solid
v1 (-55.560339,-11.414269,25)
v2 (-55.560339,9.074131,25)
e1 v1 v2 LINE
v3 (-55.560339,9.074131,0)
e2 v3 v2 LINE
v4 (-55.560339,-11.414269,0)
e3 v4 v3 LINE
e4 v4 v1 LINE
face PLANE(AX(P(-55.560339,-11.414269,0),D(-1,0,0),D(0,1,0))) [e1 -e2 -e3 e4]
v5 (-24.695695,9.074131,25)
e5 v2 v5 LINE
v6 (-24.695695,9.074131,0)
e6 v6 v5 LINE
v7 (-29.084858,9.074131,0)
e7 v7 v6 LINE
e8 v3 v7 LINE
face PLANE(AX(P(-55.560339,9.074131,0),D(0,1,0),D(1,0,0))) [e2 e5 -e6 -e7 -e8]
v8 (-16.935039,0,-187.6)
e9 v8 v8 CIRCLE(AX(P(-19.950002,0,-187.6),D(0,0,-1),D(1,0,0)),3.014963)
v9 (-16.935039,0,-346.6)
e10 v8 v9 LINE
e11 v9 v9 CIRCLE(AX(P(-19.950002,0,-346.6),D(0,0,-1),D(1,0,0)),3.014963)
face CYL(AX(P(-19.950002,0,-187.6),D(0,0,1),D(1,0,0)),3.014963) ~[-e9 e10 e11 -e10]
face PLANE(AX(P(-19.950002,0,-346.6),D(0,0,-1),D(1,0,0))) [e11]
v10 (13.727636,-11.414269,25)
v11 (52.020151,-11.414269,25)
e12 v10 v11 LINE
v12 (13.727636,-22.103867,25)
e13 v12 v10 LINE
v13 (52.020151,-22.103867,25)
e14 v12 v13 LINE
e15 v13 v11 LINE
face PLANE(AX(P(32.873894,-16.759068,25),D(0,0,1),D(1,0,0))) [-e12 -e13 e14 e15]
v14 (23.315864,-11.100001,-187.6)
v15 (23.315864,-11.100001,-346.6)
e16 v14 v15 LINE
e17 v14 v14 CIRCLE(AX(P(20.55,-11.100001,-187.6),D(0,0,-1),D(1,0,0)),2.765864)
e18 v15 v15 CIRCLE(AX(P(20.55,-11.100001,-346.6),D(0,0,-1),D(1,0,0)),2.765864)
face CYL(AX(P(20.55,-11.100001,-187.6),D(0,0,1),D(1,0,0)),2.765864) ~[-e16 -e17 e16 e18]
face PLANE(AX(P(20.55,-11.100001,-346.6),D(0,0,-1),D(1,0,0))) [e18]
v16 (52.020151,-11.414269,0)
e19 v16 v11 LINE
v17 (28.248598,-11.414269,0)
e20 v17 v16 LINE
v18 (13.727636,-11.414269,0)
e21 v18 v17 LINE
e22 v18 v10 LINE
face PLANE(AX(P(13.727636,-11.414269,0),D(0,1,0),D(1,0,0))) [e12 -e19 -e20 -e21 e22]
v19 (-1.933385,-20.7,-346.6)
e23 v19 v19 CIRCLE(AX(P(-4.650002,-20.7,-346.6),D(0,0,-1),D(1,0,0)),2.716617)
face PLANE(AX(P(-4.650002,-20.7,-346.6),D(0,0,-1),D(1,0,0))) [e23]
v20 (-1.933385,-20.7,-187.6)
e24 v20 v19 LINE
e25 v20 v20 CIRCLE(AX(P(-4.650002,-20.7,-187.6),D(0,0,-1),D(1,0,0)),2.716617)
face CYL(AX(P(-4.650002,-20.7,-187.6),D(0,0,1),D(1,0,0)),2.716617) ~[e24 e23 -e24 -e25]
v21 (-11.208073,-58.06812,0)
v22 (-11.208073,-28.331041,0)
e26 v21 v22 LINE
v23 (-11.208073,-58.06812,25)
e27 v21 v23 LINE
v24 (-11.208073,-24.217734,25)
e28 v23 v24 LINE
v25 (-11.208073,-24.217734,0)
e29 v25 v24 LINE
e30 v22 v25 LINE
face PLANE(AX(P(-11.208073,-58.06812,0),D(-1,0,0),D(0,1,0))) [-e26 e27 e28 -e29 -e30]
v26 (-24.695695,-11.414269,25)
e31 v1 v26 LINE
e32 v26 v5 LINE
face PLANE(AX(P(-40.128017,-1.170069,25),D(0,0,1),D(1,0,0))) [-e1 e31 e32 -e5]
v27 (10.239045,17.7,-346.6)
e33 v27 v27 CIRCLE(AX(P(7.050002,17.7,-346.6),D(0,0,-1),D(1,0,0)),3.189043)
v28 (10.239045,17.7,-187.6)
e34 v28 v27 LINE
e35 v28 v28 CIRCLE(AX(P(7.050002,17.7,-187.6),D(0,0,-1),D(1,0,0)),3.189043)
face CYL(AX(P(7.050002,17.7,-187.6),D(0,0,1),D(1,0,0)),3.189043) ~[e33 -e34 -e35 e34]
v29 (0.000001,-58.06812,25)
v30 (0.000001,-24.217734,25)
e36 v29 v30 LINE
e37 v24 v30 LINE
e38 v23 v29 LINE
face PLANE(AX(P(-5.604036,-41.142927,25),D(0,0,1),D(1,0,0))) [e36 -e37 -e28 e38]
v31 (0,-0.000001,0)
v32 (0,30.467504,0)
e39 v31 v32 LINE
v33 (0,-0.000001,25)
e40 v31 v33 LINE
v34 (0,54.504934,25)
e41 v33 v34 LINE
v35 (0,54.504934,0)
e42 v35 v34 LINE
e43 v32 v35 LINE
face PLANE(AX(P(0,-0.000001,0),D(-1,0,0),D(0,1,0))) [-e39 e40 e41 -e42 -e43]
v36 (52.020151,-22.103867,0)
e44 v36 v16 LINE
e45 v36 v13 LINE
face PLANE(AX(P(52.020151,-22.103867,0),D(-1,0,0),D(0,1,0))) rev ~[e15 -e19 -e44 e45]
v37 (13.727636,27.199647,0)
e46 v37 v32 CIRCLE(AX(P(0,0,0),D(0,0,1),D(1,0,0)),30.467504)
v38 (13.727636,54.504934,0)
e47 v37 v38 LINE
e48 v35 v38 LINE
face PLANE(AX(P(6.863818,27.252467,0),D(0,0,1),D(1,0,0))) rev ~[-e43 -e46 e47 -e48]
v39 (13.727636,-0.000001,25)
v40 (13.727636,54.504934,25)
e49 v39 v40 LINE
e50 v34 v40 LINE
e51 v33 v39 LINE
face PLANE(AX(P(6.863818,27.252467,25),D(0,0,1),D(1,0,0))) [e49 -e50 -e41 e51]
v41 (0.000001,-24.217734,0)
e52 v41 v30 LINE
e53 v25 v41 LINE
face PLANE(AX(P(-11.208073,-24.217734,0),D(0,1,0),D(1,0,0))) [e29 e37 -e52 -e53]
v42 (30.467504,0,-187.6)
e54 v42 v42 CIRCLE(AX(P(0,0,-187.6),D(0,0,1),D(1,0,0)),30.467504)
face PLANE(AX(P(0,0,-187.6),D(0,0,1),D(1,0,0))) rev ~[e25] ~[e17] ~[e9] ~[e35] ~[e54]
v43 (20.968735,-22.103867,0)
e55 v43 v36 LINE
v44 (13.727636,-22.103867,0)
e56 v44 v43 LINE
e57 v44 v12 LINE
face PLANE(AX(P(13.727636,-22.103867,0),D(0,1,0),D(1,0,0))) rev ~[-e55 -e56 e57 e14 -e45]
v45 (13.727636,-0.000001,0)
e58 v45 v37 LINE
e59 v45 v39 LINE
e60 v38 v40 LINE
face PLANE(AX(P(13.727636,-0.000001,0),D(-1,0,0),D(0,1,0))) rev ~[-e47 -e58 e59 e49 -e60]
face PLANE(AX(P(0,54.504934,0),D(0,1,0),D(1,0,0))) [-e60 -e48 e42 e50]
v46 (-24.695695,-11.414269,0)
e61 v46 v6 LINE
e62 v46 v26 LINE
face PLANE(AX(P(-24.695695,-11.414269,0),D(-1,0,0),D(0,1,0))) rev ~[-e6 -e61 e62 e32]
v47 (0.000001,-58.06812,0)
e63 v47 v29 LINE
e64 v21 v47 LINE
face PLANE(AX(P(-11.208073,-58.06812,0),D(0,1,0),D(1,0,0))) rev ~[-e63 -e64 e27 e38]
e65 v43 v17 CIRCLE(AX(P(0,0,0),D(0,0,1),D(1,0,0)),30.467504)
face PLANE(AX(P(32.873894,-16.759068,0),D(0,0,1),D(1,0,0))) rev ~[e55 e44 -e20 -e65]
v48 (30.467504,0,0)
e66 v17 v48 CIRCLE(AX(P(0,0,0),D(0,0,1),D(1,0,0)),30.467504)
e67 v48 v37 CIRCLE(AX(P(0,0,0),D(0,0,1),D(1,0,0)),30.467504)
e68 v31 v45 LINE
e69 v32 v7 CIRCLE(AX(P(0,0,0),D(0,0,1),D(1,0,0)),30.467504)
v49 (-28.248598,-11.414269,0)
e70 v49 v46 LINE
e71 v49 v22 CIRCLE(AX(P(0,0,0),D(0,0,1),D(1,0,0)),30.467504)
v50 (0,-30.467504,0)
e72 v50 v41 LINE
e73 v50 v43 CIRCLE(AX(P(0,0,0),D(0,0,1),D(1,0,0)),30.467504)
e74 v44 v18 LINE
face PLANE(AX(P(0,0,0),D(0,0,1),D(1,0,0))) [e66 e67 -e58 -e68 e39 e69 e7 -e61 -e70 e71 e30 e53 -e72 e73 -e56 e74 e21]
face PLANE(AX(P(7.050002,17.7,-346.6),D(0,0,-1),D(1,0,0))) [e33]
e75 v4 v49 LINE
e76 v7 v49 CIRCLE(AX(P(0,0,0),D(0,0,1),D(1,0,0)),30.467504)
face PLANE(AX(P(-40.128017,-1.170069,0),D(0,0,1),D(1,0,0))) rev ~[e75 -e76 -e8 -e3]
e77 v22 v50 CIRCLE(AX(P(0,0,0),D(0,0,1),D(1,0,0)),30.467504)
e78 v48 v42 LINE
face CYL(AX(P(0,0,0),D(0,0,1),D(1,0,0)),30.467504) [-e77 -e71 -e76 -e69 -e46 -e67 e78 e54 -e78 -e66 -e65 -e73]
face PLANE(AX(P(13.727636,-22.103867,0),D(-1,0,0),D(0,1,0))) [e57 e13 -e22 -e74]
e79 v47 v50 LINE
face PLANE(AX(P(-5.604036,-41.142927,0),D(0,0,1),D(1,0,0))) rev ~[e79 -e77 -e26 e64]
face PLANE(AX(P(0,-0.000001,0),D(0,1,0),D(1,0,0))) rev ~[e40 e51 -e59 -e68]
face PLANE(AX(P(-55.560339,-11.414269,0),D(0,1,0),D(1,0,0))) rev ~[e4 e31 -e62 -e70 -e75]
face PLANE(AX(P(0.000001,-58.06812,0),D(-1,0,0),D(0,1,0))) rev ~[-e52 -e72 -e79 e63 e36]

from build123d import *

# Parameters (mm, degrees)
F0_R     = 30.467504
F1_DEPTH = 187.6
F2_W     = 13.727636
F2_H     = 54.504935
F2_W_2   = 30.864643
F2_H_2   = 20.4884
F2_W_3   = 38.292515
F2_H_3   = 10.689599
F2_W_4   = 11.208073
F2_H_4   = 33.850385
F3_DEPTH = 25
F4_R     = 2.716617
F4_R_2   = 2.765864
F4_R_3   = 3.189043
F4_R_4   = 3.014963
F5_DEPTH = 159


with BuildPart() as f1:
    # F0 (on Top) → F1 (new body)
    with BuildSketch(Plane.XY):
        Circle(F0_R)
    extrude(amount=-F1_DEPTH)

    # F2 (on Top) → F3 (join)
    with BuildSketch(Plane.XY):
        with Locations((6.863818, 27.252467)):
            Rectangle(F2_W, F2_H)
        with Locations((-40.128017, -1.170069)):
            Rectangle(F2_W_2, F2_H_2)
        with Locations((32.873894, -16.759068)):
            Rectangle(F2_W_3, F2_H_3)
        with Locations((-5.604036, -41.142927)):
            Rectangle(F2_W_4, F2_H_4)
    extrude(amount=F3_DEPTH)

    # F4 (on face) → F5 (join)
    with BuildSketch(Plane(origin=(0, 0, -187.6), x_dir=(1, 0, 0), z_dir=(0, 0, -1))):
        with Locations((-4.650002, 20.7)):
            Circle(F4_R)
        with Locations((20.55, 11.100001)):
            Circle(F4_R_2)
        with Locations((7.050002, -17.7)):
            Circle(F4_R_3)
        with Locations((-19.950002, 0)):
            Circle(F4_R_4)
    extrude(amount=F5_DEPTH)


solid = f1.part
